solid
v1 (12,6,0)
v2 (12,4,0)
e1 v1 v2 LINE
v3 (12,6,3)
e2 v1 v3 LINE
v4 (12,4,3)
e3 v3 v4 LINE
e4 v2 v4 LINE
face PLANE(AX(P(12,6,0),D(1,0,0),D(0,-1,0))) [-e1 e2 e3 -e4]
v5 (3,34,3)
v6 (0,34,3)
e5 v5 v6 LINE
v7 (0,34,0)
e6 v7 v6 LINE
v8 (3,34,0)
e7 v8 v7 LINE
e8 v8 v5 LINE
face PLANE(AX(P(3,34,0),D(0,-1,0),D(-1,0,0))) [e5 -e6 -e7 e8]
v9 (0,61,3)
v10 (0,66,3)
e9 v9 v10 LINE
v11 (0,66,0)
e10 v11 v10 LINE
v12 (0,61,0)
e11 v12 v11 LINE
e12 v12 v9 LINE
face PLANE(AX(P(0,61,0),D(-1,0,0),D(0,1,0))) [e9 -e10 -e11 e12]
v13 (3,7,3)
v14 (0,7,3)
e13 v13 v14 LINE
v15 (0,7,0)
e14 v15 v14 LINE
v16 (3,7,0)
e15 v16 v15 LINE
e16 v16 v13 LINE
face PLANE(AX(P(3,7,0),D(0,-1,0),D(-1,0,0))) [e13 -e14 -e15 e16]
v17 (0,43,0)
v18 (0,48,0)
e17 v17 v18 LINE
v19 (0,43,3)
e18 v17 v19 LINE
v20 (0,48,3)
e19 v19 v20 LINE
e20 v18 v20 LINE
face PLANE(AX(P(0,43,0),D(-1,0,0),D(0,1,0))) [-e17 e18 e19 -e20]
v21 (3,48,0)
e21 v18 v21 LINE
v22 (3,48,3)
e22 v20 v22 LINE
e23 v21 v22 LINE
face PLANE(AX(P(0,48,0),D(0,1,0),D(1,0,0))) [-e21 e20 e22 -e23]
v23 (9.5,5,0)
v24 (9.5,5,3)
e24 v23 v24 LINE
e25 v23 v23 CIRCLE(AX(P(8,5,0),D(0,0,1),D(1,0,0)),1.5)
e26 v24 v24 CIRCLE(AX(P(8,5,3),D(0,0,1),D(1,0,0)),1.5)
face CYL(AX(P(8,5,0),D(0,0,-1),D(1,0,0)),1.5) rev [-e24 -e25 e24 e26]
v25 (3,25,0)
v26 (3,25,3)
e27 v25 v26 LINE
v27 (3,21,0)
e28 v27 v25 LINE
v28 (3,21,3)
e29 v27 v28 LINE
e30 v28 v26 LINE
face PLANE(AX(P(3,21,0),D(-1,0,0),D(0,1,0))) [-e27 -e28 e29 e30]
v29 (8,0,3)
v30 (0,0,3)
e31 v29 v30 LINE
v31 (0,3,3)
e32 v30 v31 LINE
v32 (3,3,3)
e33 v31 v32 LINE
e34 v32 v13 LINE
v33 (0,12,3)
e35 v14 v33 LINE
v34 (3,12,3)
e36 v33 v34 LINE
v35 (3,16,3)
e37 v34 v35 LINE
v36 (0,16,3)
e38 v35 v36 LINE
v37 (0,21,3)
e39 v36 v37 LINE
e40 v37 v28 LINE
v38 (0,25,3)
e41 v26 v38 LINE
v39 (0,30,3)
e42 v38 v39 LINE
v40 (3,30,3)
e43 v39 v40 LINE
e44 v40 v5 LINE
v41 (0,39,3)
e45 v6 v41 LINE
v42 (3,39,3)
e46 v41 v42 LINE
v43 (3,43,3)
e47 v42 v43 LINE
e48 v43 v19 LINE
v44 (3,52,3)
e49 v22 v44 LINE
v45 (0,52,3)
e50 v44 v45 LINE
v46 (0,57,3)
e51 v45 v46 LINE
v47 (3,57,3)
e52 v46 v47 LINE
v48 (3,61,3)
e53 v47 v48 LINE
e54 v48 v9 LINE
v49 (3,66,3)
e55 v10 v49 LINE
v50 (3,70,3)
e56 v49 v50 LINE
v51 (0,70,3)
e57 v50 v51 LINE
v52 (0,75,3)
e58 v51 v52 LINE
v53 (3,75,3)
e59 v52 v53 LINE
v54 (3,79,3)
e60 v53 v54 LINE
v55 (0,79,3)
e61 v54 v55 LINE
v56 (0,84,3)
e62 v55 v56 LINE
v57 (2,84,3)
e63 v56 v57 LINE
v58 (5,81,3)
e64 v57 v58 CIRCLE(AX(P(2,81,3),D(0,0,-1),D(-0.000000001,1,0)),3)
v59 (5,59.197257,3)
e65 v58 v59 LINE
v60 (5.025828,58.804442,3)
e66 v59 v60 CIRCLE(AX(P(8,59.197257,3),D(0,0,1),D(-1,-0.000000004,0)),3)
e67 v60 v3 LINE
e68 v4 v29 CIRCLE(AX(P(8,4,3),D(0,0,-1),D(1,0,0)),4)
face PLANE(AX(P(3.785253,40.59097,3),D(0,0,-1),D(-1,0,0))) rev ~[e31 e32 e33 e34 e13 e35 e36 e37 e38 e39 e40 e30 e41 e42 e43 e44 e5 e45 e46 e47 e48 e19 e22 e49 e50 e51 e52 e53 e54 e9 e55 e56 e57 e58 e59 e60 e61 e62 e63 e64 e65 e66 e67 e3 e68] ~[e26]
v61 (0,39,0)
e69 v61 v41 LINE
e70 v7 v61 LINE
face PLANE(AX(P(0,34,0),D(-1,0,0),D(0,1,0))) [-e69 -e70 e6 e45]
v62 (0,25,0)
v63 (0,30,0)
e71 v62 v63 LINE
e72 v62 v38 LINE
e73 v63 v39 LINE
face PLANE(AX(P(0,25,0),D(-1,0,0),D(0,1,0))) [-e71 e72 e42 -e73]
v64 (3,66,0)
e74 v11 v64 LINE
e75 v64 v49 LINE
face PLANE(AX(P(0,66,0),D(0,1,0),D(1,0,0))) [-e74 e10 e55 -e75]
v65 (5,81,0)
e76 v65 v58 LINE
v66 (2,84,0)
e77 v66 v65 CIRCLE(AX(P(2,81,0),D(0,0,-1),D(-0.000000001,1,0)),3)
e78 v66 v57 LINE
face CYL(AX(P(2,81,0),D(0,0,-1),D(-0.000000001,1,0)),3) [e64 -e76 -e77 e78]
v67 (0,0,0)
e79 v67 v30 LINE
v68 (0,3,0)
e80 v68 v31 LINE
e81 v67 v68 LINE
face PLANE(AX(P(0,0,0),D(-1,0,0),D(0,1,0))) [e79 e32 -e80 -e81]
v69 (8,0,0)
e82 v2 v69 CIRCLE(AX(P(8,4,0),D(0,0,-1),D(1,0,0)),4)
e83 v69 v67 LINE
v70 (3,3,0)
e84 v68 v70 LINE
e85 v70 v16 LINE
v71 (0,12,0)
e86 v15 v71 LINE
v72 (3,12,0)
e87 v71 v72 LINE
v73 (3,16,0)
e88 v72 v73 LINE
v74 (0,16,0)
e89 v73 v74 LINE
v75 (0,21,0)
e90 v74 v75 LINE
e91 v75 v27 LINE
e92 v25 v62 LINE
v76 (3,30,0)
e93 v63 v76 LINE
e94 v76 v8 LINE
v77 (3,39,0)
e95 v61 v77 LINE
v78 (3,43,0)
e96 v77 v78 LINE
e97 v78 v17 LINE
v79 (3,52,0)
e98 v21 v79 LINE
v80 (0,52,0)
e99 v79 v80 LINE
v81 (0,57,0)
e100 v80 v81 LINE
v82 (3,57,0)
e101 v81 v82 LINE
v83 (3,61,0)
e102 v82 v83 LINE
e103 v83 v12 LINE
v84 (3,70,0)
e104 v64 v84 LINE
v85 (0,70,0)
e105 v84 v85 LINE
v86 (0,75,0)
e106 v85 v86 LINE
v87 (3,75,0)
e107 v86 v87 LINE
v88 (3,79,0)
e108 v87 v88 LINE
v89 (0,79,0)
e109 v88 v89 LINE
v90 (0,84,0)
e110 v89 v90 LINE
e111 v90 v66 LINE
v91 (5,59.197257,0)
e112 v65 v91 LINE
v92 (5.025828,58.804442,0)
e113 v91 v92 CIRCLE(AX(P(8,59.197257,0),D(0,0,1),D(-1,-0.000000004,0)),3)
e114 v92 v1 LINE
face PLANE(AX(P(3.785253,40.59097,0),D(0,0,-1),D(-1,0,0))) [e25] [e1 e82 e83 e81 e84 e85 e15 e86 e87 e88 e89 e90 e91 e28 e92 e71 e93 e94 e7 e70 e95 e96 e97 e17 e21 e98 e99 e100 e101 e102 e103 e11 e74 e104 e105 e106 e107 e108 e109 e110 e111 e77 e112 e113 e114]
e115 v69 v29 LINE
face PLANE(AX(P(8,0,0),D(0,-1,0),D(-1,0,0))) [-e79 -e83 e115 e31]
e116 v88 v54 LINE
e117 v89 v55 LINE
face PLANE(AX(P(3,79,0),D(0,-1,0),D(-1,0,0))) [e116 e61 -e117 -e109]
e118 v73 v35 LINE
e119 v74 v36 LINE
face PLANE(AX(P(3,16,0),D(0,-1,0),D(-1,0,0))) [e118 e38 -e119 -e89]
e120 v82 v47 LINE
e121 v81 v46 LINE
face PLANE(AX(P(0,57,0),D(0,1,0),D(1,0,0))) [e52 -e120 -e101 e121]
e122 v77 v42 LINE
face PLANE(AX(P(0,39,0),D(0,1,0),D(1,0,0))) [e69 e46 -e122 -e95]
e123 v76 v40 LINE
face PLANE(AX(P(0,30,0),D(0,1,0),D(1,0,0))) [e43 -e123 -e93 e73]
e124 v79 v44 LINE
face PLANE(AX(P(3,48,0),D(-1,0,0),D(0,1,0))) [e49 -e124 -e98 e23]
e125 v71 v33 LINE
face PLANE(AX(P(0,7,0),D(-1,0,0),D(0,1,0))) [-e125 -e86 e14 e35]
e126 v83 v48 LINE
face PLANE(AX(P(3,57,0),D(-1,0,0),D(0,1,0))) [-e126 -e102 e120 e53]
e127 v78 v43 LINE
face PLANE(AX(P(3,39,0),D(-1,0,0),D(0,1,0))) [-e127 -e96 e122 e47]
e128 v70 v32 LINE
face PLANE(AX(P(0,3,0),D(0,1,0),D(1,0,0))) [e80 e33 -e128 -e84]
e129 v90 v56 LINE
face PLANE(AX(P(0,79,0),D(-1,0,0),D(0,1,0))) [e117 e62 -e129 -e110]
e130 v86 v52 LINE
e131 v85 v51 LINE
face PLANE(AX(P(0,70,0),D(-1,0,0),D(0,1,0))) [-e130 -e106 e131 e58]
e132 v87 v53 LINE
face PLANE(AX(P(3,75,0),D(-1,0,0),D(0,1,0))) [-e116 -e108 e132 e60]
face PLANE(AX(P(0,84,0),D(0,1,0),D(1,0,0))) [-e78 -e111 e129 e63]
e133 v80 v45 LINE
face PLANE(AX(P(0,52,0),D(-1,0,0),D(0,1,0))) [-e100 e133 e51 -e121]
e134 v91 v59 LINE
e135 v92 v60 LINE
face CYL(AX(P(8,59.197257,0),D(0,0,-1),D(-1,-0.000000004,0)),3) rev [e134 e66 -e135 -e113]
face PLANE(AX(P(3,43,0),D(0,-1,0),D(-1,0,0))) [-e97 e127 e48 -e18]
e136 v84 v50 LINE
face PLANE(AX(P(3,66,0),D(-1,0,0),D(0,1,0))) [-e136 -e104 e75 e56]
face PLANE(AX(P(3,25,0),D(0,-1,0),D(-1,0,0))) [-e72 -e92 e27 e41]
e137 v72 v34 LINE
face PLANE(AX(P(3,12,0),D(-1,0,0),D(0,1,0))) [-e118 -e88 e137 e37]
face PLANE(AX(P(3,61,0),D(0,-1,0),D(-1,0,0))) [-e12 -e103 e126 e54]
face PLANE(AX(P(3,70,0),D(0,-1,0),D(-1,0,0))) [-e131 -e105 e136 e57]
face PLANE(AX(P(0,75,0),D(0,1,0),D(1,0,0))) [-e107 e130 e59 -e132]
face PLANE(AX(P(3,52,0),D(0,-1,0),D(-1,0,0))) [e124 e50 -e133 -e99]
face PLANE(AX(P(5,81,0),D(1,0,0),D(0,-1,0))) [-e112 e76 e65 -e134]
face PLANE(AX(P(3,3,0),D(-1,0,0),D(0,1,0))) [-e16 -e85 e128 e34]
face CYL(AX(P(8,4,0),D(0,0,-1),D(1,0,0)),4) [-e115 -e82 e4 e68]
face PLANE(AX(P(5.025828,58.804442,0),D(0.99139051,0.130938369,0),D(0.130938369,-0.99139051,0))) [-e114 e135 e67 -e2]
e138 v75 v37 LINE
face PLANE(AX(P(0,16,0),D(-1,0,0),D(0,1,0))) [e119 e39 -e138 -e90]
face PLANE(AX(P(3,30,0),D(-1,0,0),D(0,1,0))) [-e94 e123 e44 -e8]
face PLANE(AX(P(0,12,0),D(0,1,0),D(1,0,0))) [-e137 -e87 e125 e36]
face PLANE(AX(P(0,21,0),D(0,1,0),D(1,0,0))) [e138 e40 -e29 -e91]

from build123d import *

# Parameters (mm, degrees)
SKETCH1_R           = 1.5
BOSS_EXTRUDE1_DEPTH = 3


with BuildPart() as part:
    # Sketch1 → Boss-Extrude1 (new body)
    with BuildSketch(Plane.XY):
        with BuildLine():
            Line((0, 7), (0, 12))
            Line((0, 12), (3, 12))
            Line((3, 12), (3, 16))
            Line((3, 16), (0, 16))
            Line((0, 16), (0, 21))
            Line((0, 21), (3, 21))
            Line((3, 21), (3, 25))
            Line((3, 25), (0, 25))
            Line((0, 25), (0, 30))
            Line((0, 30), (3, 30))
            Line((3, 30), (3, 34))
            Line((3, 34), (0, 34))
            Line((0, 34), (0, 39))
            Line((0, 39), (3, 39))
            Line((3, 39), (3, 43))
            Line((3, 43), (0, 43))
            Line((0, 43), (0, 48))
            Line((0, 48), (3, 48))
            Line((3, 48), (3, 52))
            Line((3, 52), (0, 52))
            Line((0, 52), (0, 57))
            Line((0, 57), (3, 57))
            Line((3, 57), (3, 61))
            Line((3, 61), (0, 61))
            Line((0, 61), (0, 66))
            Line((0, 66), (3, 66))
            Line((3, 66), (3, 70))
            Line((3, 70), (0, 70))
            Line((0, 70), (0, 75))
            Line((0, 75), (3, 75))
            Line((3, 75), (3, 79))
            Line((3, 79), (0, 79))
            Line((0, 79), (0, 84))
            Line((0, 84), (2, 84))
            ThreePointArc((2, 84), (4.121320344, 83.121320344), (5, 81))
            Line((5, 81), (5, 59.197256694))
            ThreePointArc((5, 59.197256694), (5.006464082, 59.000425028), (5.02582847, 58.804441586))
            Line((5.02582847, 58.804441586), (12, 6))
            Line((12, 6), (12, 4))
            ThreePointArc((12, 4), (10.828427125, 1.171572875), (8, 0))
            Line((8, 0), (0, 0))
            Line((0, 0), (0, 3))
            Line((0, 3), (3, 3))
            Line((3, 3), (3, 7))
            Line((3, 7), (0, 7))
        make_face()
        with Locations((8, 5)):
            Circle(SKETCH1_R, mode=Mode.SUBTRACT)
    extrude(amount=BOSS_EXTRUDE1_DEPTH)


solid = part.part
